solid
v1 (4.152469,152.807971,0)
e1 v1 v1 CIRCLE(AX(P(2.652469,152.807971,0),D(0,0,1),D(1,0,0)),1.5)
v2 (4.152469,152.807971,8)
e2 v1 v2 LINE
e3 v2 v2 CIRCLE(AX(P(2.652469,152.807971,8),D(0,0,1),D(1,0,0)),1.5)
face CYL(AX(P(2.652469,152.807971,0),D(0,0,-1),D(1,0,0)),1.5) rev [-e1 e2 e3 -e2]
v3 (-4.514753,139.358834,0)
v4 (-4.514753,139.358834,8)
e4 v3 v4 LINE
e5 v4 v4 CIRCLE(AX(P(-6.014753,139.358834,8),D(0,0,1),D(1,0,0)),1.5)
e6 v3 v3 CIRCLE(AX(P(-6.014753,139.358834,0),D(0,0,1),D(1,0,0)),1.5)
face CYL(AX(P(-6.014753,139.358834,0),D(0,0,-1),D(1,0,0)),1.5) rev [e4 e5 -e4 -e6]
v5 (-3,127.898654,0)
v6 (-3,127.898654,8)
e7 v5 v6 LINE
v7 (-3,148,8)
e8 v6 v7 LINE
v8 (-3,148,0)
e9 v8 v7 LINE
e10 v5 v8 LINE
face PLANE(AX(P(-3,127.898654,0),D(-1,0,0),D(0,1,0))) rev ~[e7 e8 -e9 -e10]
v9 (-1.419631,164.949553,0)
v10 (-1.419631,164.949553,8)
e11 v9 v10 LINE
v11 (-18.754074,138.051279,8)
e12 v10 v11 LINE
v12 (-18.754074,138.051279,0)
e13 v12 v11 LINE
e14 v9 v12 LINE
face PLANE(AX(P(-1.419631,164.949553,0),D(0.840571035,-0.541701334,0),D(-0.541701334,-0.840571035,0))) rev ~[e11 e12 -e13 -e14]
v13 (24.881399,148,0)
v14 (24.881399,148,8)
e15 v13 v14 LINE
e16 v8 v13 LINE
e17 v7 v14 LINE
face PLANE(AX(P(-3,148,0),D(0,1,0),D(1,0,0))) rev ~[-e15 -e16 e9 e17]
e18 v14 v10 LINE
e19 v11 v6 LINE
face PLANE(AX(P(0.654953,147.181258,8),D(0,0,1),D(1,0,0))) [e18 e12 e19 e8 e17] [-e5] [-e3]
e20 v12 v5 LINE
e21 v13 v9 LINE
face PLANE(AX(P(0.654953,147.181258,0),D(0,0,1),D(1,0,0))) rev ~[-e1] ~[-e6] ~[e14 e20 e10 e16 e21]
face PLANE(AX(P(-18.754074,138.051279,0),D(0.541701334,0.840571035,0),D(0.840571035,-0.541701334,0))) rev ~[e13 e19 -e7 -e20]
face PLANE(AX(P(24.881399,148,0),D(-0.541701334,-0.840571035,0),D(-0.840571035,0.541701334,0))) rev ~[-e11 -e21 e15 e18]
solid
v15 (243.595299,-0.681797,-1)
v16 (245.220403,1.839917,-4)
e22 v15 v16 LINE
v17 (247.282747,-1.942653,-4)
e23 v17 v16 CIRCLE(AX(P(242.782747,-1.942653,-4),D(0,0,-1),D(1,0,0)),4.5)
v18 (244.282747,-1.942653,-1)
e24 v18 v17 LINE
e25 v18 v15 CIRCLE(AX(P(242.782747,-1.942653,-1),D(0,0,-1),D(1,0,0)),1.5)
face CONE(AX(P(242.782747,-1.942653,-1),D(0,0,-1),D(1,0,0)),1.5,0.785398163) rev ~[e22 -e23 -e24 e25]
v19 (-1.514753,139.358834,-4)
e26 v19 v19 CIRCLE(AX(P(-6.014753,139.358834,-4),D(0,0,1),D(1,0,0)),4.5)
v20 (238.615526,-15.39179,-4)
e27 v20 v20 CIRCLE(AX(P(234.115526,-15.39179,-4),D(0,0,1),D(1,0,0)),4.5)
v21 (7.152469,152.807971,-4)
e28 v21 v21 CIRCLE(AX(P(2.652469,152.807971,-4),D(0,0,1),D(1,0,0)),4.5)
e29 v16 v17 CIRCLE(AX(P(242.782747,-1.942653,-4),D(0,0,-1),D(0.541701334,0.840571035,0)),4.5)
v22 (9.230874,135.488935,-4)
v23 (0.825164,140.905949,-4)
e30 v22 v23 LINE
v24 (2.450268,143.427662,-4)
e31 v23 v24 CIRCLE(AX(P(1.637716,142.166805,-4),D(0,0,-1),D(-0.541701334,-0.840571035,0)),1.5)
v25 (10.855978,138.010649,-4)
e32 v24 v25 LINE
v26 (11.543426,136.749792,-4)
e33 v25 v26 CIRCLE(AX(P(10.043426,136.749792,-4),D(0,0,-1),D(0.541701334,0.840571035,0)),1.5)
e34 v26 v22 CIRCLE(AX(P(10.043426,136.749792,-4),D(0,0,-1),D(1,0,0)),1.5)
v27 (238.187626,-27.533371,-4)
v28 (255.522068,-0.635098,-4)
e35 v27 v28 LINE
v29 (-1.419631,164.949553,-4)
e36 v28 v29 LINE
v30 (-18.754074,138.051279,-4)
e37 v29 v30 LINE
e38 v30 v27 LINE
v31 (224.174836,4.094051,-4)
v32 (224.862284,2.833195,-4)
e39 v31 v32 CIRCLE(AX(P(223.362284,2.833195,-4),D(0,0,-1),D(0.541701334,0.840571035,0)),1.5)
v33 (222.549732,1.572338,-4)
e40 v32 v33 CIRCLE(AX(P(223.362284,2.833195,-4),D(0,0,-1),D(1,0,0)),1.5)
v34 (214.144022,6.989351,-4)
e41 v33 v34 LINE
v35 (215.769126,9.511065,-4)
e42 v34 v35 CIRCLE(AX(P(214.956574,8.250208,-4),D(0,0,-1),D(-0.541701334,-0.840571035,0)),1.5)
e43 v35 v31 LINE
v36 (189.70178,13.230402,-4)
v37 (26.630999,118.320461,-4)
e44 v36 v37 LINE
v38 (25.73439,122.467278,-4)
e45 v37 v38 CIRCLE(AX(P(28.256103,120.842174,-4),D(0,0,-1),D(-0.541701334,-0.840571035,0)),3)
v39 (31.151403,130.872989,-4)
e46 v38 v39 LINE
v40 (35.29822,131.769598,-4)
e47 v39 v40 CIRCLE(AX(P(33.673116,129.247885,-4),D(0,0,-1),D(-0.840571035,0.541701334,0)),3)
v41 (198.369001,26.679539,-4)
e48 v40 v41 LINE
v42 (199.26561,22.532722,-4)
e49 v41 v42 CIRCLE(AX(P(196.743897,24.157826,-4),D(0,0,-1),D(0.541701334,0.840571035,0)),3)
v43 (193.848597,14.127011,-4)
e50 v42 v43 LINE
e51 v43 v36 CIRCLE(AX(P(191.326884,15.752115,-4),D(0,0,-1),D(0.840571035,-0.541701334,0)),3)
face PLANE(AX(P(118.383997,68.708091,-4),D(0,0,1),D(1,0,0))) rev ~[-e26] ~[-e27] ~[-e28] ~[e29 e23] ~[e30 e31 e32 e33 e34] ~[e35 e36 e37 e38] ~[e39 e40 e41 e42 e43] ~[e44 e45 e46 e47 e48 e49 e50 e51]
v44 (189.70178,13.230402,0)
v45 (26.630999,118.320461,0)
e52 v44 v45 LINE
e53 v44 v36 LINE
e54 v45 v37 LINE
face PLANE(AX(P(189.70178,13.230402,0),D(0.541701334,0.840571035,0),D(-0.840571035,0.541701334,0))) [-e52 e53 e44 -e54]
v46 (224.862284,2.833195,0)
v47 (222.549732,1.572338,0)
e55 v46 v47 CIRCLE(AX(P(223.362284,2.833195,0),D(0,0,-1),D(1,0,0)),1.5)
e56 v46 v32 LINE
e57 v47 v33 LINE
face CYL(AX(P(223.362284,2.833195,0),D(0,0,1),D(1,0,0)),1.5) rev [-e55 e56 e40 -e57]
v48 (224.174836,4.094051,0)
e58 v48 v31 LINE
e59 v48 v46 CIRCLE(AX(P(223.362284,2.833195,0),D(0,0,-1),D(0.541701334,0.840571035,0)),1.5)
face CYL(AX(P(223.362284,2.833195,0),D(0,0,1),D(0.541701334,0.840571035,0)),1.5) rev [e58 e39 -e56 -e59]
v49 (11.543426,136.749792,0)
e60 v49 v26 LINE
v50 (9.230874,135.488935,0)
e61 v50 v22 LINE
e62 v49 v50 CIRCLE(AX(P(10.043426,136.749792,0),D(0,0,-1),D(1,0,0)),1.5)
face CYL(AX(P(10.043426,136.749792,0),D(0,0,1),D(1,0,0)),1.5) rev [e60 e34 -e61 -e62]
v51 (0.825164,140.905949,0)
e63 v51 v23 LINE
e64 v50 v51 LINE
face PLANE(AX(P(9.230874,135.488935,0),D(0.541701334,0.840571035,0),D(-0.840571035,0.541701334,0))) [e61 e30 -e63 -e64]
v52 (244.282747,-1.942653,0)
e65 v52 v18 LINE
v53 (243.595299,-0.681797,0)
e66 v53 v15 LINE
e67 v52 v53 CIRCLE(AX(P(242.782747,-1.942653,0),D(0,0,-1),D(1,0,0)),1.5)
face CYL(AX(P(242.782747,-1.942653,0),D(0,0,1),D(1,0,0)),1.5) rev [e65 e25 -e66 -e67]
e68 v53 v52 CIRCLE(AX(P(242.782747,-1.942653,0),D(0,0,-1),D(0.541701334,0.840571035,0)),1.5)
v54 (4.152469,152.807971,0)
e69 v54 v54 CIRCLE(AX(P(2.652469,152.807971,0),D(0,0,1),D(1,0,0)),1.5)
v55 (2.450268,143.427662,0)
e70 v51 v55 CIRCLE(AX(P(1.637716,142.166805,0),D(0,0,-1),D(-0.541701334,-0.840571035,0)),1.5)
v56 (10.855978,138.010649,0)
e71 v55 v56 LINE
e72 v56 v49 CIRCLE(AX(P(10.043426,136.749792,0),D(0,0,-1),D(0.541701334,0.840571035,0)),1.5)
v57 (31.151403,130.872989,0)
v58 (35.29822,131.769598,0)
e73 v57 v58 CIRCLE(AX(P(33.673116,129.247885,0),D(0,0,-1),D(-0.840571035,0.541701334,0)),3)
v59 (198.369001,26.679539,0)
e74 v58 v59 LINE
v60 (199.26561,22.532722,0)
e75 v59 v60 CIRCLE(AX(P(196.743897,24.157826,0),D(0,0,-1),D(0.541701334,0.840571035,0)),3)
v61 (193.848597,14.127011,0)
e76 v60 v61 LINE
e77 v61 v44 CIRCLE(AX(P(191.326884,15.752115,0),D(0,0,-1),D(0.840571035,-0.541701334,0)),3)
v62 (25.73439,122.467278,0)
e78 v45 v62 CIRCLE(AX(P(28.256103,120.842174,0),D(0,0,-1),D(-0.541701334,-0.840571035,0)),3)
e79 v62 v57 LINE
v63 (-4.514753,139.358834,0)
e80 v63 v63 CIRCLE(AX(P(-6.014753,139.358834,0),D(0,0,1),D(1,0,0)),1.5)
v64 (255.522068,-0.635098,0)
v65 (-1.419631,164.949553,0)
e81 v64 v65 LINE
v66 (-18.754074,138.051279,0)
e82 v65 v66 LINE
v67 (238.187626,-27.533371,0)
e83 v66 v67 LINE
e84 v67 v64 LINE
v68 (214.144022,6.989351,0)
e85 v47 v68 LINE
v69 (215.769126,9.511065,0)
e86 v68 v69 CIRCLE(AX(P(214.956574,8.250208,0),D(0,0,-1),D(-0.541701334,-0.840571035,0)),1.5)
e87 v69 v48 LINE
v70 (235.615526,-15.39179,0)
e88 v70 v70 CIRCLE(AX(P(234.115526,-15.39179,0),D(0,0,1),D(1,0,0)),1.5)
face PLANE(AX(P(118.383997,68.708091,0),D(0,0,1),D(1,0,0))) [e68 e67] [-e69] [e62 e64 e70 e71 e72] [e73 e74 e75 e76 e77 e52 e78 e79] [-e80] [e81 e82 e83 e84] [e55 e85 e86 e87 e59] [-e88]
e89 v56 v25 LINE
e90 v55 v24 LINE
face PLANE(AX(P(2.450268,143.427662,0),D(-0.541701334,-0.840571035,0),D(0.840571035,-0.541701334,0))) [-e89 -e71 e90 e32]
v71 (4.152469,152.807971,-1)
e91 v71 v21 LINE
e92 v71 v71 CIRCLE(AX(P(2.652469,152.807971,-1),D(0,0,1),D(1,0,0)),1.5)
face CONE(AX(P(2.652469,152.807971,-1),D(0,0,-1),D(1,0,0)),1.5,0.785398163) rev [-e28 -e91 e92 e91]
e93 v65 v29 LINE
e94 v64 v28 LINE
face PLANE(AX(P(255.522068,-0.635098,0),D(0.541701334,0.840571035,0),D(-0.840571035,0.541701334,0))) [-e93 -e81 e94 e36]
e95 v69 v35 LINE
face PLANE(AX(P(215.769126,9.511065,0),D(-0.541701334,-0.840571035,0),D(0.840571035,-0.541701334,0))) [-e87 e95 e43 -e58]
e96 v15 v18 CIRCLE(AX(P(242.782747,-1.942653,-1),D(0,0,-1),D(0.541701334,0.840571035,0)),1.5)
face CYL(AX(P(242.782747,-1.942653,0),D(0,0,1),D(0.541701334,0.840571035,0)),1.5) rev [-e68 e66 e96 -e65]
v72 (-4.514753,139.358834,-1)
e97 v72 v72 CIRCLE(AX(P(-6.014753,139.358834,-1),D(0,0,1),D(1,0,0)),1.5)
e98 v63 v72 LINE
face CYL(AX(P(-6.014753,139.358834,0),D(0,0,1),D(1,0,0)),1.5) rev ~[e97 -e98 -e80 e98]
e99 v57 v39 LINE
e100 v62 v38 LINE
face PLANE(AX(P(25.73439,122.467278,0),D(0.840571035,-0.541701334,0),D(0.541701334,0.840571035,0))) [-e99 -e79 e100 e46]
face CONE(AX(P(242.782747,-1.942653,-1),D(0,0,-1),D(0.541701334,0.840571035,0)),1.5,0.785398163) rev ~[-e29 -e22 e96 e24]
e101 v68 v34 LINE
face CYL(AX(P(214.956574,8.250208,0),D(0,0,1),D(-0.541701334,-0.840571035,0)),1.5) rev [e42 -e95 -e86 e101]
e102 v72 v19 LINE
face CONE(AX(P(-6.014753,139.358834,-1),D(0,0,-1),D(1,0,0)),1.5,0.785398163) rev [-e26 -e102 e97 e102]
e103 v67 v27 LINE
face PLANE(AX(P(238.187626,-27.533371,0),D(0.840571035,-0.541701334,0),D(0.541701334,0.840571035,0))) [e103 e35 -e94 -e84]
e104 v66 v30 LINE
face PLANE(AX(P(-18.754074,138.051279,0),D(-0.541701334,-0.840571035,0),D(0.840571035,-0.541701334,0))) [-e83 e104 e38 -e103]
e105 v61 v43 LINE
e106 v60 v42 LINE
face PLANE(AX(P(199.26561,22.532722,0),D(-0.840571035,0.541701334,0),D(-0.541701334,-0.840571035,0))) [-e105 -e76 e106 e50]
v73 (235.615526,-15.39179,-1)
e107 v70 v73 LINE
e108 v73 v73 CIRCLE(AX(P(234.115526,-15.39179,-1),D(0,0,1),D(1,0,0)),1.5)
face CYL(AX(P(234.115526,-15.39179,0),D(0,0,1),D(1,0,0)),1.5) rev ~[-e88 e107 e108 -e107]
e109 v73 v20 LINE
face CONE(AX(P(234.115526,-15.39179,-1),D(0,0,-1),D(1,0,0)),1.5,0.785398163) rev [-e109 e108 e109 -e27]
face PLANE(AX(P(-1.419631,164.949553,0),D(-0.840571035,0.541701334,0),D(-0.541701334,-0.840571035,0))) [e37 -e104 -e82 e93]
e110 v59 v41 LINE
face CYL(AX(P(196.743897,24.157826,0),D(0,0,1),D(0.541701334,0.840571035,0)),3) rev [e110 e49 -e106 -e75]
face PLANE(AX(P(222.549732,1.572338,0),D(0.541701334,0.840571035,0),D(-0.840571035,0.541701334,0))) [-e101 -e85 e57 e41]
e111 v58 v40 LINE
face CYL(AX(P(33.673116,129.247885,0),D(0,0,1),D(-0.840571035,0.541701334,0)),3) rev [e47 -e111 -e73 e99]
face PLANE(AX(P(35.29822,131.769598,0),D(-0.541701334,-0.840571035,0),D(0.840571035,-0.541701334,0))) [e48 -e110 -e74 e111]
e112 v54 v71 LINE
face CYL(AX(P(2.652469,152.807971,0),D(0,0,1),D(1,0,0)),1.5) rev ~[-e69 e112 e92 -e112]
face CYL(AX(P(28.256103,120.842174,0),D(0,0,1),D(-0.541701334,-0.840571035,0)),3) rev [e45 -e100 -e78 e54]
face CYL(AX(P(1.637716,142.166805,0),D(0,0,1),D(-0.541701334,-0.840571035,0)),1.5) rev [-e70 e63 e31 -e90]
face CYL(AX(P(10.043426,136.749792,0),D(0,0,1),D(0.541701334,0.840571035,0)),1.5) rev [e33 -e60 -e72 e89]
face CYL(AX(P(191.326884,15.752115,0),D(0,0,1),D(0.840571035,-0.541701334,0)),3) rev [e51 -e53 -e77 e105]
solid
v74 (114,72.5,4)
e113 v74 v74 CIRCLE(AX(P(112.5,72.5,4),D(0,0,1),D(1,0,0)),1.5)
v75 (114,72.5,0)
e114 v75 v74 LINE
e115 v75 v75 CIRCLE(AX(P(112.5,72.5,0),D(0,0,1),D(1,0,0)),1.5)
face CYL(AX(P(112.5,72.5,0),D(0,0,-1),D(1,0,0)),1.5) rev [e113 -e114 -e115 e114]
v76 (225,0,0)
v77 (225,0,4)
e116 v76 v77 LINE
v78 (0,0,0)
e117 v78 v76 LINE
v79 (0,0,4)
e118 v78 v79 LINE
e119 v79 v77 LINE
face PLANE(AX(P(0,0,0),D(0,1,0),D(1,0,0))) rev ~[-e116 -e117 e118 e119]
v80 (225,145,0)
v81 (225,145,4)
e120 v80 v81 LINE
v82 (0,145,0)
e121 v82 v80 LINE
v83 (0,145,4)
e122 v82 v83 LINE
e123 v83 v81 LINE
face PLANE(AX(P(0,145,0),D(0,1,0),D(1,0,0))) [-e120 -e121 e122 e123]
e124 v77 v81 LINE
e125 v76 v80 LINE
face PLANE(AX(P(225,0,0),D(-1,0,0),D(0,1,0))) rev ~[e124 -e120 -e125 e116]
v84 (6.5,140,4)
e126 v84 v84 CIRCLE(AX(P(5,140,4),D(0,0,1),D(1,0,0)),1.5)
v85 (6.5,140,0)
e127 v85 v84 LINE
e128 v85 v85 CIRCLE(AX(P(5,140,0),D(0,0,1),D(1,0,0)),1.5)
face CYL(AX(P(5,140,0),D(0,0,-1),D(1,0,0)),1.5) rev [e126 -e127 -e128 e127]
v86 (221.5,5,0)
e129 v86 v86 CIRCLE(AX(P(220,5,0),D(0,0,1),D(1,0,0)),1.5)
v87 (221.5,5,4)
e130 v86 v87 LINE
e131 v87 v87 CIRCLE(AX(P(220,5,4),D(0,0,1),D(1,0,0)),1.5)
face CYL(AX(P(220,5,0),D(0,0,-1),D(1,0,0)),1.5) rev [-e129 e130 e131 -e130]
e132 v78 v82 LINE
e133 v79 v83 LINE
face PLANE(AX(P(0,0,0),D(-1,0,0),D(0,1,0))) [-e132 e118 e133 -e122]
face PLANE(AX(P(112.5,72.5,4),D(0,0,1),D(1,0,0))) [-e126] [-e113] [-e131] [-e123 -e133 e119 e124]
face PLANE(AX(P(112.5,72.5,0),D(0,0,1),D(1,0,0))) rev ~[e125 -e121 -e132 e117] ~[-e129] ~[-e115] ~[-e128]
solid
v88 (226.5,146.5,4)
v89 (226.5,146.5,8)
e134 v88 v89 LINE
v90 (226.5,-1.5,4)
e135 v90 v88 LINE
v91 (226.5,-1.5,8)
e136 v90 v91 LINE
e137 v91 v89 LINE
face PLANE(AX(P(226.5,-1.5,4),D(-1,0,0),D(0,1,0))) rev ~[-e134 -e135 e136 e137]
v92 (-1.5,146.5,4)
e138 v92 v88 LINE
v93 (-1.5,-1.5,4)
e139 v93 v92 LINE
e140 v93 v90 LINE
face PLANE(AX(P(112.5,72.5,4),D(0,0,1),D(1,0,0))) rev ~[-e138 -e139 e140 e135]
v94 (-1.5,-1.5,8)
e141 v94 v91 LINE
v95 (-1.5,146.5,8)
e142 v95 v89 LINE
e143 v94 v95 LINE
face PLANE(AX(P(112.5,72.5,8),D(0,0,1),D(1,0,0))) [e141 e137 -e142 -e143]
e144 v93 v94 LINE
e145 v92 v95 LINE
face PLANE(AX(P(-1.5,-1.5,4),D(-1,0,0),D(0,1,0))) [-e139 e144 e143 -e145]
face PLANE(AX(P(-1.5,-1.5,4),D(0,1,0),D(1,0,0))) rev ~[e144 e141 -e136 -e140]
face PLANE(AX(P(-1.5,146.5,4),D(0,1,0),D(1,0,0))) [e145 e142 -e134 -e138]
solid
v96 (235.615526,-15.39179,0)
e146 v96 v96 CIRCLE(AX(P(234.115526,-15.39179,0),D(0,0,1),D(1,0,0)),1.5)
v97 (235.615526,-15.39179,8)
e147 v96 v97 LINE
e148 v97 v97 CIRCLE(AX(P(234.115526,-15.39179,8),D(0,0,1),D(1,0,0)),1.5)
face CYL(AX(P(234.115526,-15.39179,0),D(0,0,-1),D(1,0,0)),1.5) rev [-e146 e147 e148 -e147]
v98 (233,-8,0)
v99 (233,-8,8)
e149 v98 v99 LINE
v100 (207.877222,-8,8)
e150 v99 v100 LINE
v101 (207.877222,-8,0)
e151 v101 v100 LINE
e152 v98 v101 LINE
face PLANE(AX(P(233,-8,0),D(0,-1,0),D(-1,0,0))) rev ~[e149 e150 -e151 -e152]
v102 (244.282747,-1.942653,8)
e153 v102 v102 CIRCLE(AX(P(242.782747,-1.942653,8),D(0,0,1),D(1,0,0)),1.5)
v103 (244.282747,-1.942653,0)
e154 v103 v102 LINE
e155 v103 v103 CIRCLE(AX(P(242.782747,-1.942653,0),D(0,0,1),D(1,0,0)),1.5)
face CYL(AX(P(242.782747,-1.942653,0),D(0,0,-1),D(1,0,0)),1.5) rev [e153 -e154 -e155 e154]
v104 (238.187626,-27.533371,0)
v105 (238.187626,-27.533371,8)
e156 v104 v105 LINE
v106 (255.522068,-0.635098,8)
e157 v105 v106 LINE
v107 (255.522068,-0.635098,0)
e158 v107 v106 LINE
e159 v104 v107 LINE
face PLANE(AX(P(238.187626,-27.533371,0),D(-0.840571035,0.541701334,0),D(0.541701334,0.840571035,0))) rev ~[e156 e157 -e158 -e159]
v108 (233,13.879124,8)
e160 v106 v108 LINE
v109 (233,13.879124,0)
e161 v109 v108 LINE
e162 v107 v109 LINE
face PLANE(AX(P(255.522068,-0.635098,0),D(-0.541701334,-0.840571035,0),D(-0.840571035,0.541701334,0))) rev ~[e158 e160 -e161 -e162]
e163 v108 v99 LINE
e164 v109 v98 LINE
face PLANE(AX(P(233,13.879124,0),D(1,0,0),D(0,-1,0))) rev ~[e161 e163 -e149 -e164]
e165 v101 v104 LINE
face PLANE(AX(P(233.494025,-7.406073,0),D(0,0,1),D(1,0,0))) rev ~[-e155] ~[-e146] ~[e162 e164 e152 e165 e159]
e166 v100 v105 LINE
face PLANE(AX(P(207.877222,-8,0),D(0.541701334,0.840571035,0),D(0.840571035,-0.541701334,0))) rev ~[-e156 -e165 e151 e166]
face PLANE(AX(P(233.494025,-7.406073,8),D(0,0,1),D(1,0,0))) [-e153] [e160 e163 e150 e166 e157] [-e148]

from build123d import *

# Parameters (mm, degrees)
F1_W     = 225
F1_H     = 145
F1_R     = 1.5
F2_DEPTH = 4
F3_R     = 1.5
F4_DEPTH = 4
F5_R     = 1.5
F6_DEPTH = 8
F7_DEPTH = 8
F8_START = 4
F1_W_2   = 228
F1_H_2   = 148
F8_DEPTH = 4
F9_SIZE  = 3


with BuildPart() as f2:
    # F1 (on Top) → F2 (new body)
    with BuildSketch(Plane.XY):
        with Locations((112.5, 72.5)):
            Rectangle(F1_W, F1_H)
        with Locations((220, 5)):
            Circle(F1_R, mode=Mode.SUBTRACT)
        with Locations((5, 140)):
            Circle(F1_R, mode=Mode.SUBTRACT)
        with Locations((112.5, 72.5)):
            Circle(F1_R, mode=Mode.SUBTRACT)
    extrude(amount=F2_DEPTH)


with BuildPart() as f4:
    # F3 (on Top) → F4 (new body)
    with BuildSketch(Plane.XY):
        Polygon((-1.4196310815, 164.9495525662), (-18.7540737608, 138.0512794432), (238.1876255728, -27.5333712384), (255.5220682521, -0.6350981154), (247.1163579011, 4.7819152219), align=None)
        with Locations((234.1155258917, -15.3917896204)):
            Circle(F3_R, mode=Mode.SUBTRACT)
        with BuildLine():
            ThreePointArc((214.1440217888, 6.9893514497), (213.6957172368, 9.062760003), (215.76912579, 9.511064555))
            Line((215.76912579, 9.511064555), (224.174836141, 4.0940512177))
            ThreePointArc((224.174836141, 4.0940512177), (224.6792556664, 3.551237839), (224.8622841404, 2.8331946651))
            ThreePointArc((224.8622841404, 2.8331946651), (224.0803273143, 1.516223139), (222.5497321398, 1.5723381125))
            Line((222.5497321398, 1.5723381125), (214.1440217888, 6.9893514497))
        make_face(mode=Mode.SUBTRACT)
        with BuildLine():
            ThreePointArc((244.2827472313, -1.9426530589), (241.4657757053, -2.6606962328), (243.5952992319, -0.6817965062))
            ThreePointArc((243.5952992319, -0.6817965062), (244.0997187574, -1.224609885), (244.2827472313, -1.9426530589))
        make_face(mode=Mode.SUBTRACT)
        with BuildLine():
            ThreePointArc((31.1514031593, 130.8729885482), (33.039117887, 132.1801270433), (35.2982202657, 131.7695976523))
            Line((35.2982202657, 131.7695976523), (198.3690010739, 26.6795389092))
            ThreePointArc((198.3690010739, 26.6795389092), (199.676139569, 24.7918241815), (199.265610178, 22.5327218028))
            Line((199.265610178, 22.5327218028), (193.8485968407, 14.1270114518))
            ThreePointArc((193.8485968407, 14.1270114518), (191.960882113, 12.8198729567), (189.7017797343, 13.2304023477))
            Line((189.7017797343, 13.2304023477), (26.6309989261, 118.3204610908))
            ThreePointArc((26.6309989261, 118.3204610908), (25.323860431, 120.2081758185), (25.734389822, 122.4672781972))
            Line((25.734389822, 122.4672781972), (31.1514031593, 130.8729885482))
        make_face(mode=Mode.SUBTRACT)
        with Locations((-6.01475274, 139.3588343867)):
            Circle(F3_R, mode=Mode.SUBTRACT)
        with BuildLine():
            ThreePointArc((0.825163859, 140.9059487823), (0.376859307, 142.9793573355), (2.4502678602, 143.4276618875))
            Line((2.4502678602, 143.4276618875), (10.8559782112, 138.0106485503))
            ThreePointArc((10.8559782112, 138.0106485503), (11.3603977366, 137.4678351715), (11.5434262106, 136.7497919976))
            ThreePointArc((11.5434262106, 136.7497919976), (10.7614693844, 135.4328204716), (9.23087421, 135.488935445))
            Line((9.23087421, 135.488935445), (0.825163859, 140.9059487823))
        make_face(mode=Mode.SUBTRACT)
        with Locations((2.6524685996, 152.8079709482)):
            Circle(F3_R, mode=Mode.SUBTRACT)
    extrude(amount=-F4_DEPTH)

    # F9
    f9_edges = [f4.edges().sort_by_distance(p)[0] for p in [
        (232.615526, -15.39179, -4),
        (241.970195, -3.20351, -4),
        (1.152469, 152.807971, -4),
        (-7.514753, 139.358834, -4),
    ]]
    chamfer(f9_edges, length=F9_SIZE)


with BuildPart() as f6:
    # F5 (on face) → F6 (new body)
    with BuildSketch(Plane.XY):
        Polygon((24.8813987626, 148), (-1.4196310815, 164.9495525662), (-18.7540737608, 138.0512794432), (-3, 127.8986541307), (-3, 148), align=None)
        with Locations((-6.01475274, 139.3588343867)):
            Circle(F5_R, mode=Mode.SUBTRACT)
        with Locations((2.6524685996, 152.8079709482)):
            Circle(F5_R, mode=Mode.SUBTRACT)
    extrude(amount=F6_DEPTH)


with BuildPart() as f7:
    # F5 (on face) → F7 (new body)
    with BuildSketch(Plane.XY):
        Polygon((255.5220682521, -0.6350981154), (233, 13.879123647), (233, -8), (207.877221927, -8), (238.1876255728, -27.5333712384), align=None)
        with Locations((234.1155258917, -15.3917896204)):
            Circle(F5_R, mode=Mode.SUBTRACT)
        with Locations((242.7827472313, -1.9426530589)):
            Circle(F5_R, mode=Mode.SUBTRACT)
    extrude(amount=F7_DEPTH)


with BuildPart() as f8:
    # F1 (on Top) → F8 (new body)
    with BuildSketch(Plane.XY.offset(F8_START)):
        with Locations((112.5, 72.5)):
            Rectangle(F1_W_2, F1_H_2)
        with Locations((112.5, 72.5)):
            Rectangle(F1_W, F1_H, mode=Mode.SUBTRACT)
        with Locations((112.5, 72.5)):
            Rectangle(F1_W, F1_H)
        with Locations((220, 5)):
            Circle(F1_R, mode=Mode.SUBTRACT)
        with Locations((5, 140)):
            Circle(F1_R, mode=Mode.SUBTRACT)
        with Locations((112.5, 72.5)):
            Circle(F1_R, mode=Mode.SUBTRACT)
        with Locations((5, 140)):
            Circle(F1_R)
        with Locations((220, 5)):
            Circle(F1_R)
        with Locations((112.5, 72.5)):
            Circle(F1_R)
    extrude(amount=F8_DEPTH)


solid = Compound([f2.part, f4.part, f6.part, f7.part, f8.part])
